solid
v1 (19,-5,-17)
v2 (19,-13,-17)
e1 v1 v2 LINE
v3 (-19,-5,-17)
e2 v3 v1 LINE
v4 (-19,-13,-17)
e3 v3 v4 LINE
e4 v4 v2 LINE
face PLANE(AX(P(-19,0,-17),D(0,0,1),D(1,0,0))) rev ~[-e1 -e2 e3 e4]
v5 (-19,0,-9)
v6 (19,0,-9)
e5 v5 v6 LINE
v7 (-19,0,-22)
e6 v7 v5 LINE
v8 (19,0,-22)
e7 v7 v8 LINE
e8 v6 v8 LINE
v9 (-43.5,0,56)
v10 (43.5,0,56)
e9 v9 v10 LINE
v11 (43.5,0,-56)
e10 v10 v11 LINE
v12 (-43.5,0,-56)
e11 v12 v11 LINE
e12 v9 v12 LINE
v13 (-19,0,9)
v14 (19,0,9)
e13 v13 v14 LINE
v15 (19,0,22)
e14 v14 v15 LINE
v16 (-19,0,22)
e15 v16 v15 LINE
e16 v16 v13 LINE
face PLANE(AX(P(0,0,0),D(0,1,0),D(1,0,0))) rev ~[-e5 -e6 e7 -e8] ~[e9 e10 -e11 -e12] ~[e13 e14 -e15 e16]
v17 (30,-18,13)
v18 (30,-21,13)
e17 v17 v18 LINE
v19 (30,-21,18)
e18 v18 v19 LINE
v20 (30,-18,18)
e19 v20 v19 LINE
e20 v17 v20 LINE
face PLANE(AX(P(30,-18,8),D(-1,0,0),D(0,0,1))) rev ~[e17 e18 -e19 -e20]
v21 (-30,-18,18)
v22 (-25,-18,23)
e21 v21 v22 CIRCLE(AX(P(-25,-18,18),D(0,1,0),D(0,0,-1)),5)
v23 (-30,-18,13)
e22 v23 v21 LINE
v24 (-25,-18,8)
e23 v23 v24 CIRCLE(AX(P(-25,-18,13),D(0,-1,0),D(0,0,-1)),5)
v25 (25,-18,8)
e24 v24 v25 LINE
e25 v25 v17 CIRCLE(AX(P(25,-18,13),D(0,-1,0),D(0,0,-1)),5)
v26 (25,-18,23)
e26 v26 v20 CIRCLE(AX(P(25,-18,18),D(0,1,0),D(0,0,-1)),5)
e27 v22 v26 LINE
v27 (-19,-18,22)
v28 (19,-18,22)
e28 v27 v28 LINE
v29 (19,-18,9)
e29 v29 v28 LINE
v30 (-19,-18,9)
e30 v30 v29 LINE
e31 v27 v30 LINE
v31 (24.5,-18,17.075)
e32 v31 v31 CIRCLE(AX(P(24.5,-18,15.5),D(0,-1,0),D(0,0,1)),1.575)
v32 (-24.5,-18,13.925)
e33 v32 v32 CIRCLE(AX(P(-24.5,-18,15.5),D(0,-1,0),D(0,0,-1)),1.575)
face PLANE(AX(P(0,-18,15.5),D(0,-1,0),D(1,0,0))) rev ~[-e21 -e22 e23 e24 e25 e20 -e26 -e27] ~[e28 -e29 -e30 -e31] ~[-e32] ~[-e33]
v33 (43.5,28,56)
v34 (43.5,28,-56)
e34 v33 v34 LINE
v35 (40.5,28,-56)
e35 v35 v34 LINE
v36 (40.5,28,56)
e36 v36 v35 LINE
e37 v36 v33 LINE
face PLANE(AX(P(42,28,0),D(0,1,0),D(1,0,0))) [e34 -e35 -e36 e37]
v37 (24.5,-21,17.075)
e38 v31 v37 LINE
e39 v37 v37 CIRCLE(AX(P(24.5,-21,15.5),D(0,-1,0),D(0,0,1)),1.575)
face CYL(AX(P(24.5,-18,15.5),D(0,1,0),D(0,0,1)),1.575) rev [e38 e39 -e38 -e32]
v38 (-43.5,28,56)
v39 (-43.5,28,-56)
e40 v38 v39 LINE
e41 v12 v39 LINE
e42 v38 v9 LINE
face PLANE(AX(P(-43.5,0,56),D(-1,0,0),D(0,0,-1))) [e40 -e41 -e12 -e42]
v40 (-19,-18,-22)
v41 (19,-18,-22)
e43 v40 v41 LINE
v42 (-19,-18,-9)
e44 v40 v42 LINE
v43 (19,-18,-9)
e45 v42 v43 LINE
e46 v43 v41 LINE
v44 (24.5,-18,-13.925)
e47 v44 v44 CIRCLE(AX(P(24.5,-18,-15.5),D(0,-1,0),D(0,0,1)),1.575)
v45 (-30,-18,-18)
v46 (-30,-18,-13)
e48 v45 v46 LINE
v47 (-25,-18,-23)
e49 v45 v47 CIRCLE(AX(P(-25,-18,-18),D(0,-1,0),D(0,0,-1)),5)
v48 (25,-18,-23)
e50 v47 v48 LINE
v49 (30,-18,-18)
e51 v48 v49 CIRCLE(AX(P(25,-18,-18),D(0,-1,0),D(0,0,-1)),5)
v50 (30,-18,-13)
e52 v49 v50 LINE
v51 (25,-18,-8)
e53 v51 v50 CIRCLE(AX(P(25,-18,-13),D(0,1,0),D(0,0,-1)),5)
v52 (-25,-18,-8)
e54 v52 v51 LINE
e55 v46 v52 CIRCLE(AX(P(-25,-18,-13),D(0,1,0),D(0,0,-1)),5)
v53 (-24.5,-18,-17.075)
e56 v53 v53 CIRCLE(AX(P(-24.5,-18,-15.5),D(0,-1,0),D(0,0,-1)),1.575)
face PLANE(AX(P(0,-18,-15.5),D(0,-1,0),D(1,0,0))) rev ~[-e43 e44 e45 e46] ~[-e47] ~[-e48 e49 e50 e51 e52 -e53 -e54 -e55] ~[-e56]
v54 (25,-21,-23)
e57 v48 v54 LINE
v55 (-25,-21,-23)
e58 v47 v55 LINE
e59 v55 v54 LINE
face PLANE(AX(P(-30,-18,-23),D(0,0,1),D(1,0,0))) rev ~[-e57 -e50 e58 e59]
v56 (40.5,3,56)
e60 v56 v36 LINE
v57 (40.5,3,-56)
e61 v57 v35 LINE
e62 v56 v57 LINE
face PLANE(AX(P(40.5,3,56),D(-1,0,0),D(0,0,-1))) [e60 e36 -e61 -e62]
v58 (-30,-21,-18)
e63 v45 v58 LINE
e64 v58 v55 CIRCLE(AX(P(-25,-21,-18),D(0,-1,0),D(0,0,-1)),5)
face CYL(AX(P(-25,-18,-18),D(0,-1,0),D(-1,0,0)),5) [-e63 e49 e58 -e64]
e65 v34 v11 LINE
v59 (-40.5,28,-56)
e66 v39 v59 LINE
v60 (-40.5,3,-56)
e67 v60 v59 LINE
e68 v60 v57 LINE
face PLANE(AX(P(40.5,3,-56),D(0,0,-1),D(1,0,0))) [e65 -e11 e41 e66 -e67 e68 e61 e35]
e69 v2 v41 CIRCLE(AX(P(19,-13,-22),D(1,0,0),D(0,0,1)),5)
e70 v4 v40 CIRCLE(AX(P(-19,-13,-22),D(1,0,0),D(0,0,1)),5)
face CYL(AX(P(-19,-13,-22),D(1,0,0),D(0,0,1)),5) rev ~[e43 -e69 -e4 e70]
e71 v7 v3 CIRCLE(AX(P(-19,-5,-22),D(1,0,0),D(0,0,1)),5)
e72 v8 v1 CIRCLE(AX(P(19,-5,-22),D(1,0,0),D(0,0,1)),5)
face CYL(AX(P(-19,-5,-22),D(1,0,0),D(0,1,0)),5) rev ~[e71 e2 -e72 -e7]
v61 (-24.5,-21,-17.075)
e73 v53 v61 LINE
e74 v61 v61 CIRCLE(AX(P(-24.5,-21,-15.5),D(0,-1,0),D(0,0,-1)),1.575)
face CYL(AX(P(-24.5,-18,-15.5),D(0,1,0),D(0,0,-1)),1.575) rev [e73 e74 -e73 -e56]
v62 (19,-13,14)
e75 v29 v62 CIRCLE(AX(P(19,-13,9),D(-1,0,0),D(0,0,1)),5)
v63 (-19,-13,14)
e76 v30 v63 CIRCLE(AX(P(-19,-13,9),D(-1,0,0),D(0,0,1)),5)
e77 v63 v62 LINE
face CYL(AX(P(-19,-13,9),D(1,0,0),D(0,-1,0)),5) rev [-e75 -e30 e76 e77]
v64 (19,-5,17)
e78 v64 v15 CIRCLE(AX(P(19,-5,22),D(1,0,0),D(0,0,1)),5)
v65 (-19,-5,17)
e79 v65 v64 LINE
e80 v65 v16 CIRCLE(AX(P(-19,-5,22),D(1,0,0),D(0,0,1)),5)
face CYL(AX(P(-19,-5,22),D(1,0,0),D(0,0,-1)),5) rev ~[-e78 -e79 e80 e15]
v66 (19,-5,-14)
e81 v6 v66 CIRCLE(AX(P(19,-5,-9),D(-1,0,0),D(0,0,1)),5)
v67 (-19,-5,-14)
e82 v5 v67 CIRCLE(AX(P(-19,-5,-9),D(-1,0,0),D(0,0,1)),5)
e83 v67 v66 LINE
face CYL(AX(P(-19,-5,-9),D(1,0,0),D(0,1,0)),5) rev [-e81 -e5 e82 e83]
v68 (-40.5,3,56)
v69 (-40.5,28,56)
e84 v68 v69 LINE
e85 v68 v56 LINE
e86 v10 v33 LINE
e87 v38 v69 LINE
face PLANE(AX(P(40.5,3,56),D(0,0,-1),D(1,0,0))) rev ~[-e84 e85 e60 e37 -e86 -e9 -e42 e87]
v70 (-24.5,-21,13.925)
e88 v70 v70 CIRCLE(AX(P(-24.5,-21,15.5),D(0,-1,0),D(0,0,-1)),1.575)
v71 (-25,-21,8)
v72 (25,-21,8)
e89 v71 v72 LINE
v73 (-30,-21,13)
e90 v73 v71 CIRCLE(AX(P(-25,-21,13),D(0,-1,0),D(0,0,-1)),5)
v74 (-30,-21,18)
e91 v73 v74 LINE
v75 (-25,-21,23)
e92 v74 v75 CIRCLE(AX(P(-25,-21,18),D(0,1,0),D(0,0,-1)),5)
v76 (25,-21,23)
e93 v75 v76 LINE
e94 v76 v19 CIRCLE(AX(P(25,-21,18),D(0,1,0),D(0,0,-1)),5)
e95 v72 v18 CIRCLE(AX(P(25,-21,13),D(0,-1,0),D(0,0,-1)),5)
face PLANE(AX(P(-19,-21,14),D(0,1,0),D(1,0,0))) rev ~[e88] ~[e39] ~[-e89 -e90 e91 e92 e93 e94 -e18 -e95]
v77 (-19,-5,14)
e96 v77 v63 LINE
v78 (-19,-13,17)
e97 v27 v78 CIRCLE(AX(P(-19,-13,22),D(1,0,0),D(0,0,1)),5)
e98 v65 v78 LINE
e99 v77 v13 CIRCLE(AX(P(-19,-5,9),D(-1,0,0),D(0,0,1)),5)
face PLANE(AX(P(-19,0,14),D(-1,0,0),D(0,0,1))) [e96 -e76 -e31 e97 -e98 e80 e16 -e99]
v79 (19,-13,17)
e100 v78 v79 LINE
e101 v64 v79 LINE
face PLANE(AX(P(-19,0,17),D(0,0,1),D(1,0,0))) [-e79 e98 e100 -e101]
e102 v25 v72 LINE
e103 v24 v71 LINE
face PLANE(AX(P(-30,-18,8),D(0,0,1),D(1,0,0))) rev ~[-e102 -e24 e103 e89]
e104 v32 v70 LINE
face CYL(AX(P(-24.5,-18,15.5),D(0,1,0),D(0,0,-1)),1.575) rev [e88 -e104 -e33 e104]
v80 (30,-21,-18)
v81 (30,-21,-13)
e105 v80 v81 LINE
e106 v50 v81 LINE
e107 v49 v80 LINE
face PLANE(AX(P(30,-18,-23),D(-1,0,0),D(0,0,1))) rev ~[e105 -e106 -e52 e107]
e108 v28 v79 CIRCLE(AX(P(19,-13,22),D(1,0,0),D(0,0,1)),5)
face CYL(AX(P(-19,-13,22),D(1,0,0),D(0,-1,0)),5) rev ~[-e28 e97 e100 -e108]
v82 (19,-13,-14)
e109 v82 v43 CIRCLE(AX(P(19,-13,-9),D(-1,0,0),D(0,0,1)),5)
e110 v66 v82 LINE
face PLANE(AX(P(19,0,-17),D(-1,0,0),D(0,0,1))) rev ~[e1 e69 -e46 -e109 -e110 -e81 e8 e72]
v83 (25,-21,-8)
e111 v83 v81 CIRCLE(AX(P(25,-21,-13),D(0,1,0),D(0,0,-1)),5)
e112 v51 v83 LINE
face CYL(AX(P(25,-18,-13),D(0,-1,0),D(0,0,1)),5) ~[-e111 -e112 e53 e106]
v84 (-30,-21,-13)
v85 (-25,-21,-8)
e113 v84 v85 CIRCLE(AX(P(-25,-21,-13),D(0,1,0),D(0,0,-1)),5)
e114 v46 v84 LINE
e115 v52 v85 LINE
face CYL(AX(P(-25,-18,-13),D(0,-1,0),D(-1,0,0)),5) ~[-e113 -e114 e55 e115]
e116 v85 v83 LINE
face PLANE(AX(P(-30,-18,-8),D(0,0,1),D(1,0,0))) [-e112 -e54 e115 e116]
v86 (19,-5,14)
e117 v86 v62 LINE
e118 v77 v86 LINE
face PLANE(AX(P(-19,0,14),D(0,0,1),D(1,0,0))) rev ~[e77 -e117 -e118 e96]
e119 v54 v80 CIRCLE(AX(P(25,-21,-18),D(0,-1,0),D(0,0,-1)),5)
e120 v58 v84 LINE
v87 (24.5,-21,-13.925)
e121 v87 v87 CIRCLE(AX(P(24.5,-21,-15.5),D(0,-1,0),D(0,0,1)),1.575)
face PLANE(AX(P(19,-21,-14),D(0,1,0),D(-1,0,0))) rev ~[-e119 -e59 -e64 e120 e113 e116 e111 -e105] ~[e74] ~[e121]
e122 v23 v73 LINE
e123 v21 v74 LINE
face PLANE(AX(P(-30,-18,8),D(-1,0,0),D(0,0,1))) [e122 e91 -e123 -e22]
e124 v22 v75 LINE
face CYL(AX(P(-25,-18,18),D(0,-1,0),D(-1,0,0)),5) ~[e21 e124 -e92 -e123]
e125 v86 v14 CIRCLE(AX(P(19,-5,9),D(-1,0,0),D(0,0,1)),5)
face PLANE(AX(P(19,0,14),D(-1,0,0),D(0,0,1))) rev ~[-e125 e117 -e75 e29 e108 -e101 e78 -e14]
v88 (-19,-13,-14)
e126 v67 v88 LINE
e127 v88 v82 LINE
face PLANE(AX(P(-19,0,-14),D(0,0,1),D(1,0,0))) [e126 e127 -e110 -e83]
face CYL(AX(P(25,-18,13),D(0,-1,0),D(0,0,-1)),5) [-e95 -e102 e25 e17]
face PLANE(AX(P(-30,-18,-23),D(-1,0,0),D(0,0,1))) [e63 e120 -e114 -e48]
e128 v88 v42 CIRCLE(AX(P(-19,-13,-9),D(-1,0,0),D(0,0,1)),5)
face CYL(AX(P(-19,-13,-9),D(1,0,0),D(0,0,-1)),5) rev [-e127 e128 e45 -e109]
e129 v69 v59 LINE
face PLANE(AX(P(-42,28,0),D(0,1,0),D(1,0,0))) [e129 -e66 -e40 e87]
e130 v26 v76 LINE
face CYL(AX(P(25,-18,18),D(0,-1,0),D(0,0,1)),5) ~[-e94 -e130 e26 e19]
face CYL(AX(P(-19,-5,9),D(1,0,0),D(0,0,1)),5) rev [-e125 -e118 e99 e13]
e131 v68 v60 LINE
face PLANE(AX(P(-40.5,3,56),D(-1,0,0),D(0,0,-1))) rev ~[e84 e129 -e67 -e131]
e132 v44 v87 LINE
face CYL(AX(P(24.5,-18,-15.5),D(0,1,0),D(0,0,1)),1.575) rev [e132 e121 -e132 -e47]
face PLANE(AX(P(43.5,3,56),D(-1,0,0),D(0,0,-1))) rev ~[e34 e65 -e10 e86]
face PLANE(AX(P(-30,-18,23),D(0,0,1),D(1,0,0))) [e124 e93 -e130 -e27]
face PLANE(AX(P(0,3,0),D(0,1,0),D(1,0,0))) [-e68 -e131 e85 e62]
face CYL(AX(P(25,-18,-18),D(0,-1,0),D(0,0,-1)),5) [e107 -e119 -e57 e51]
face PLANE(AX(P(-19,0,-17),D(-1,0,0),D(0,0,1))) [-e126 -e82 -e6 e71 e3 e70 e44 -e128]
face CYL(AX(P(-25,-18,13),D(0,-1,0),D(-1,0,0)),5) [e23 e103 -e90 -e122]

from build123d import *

# Parameters (mm, degrees)
SKETCH1_W             = 87
SKETCH1_H             = 112
BOSS_EXTRUDE1_DEPTH   = 3
SKETCH2_W             = 38
SKETCH2_H             = 3
BOSS_EXTRUDE2_DEPTH   = 18
SKETCH8_W             = 60
SKETCH8_H             = 15
SKETCH8_R             = 1.575
SKETCH8_W_2           = 38
SKETCH8_H_2           = 3
BOSS_EXTRUDE5_DEPTH   = 3
BOSS_EXTRUDE5_2_DEPTH = 3
SKETCH9_W             = 38
SKETCH9_H             = 3
BOSS_EXTRUDE6_DEPTH   = 3
SKETCH10_W            = 38
SKETCH10_H            = 3
BOSS_EXTRUDE7_DEPTH   = 3
FILLET2_R             = 5
FILLET3_R             = 5
FILLET4_R             = 5
SKETCH12_W            = 3
SKETCH12_H            = 112
BOSS_EXTRUDE8_DEPTH   = 25


with BuildPart() as part:
    # Sketch1 → Boss-Extrude1 (new body)
    with BuildSketch(Plane(origin=(0, 0, 0), x_dir=(1, 0, 0), z_dir=(0, 1, 0))):
        Rectangle(SKETCH1_W, SKETCH1_H)
    extrude(amount=BOSS_EXTRUDE1_DEPTH)

    # Sketch2 → Boss-Extrude2 (add)
    with BuildSketch(Plane.XZ):
        with Locations((0, -15.5)):
            Rectangle(SKETCH2_W, SKETCH2_H)
        with Locations((0, 15.5)):
            Rectangle(SKETCH2_W, SKETCH2_H)
    extrude(amount=BOSS_EXTRUDE2_DEPTH)



with BuildPart() as body_2:
    # Sketch8 → Boss-Extrude5 (new body)
    with BuildSketch(Plane.XZ.offset(18)):
        with Locations((0, 15.5)):
            Rectangle(SKETCH8_W, SKETCH8_H)
        with Locations(Location((-24.5, 15.5, 0), (0, 0, 270))):
            Circle(SKETCH8_R, mode=Mode.SUBTRACT)
        with Locations(Location((24.5, 15.5, 0), (0, 0, 90))):
            Circle(SKETCH8_R, mode=Mode.SUBTRACT)
        with Locations((0, 15.5)):
            Rectangle(SKETCH8_W_2, SKETCH8_H_2, mode=Mode.SUBTRACT)
    extrude(amount=BOSS_EXTRUDE5_DEPTH)


with BuildPart() as body_3:
    # Sketch8 → Boss-Extrude5 2 (new body)
    with BuildSketch(Plane.XZ.offset(18)):
        with Locations((0, -15.5)):
            Rectangle(SKETCH8_W, SKETCH8_H)
        with Locations(Location((-24.5, -15.5, 0), (0, 0, 270))):
            Circle(SKETCH8_R, mode=Mode.SUBTRACT)
        with Locations(Location((24.5, -15.5, 0), (0, 0, 90))):
            Circle(SKETCH8_R, mode=Mode.SUBTRACT)
        with Locations((0, -15.5)):
            Rectangle(SKETCH8_W_2, SKETCH8_H_2, mode=Mode.SUBTRACT)
    extrude(amount=BOSS_EXTRUDE5_2_DEPTH)


with BuildPart() as part_1:
    add(part.part)

    add(body_2.part)  # Boss-Extrude6 merges body 2
    # Sketch9 → Boss-Extrude6 (add)
    with BuildSketch(Plane.XY.offset(14)):
        with Locations((0, -19.5)):
            Rectangle(SKETCH9_W, SKETCH9_H)
    extrude(amount=BOSS_EXTRUDE6_DEPTH)


    add(body_3.part)  # Boss-Extrude7 merges body 3
    # Sketch10 → Boss-Extrude7 (add)
    with BuildSketch(Plane(origin=(0, 0, -14), x_dir=(-1, 0, 0), z_dir=(0, 0, -1))):
        with Locations((0, -19.5)):
            Rectangle(SKETCH10_W, SKETCH10_H)
    extrude(amount=BOSS_EXTRUDE7_DEPTH)

    # Fillet2
    fillet2_edges = [part_1.edges().sort_by_distance(p)[0] for p in [
        (-30, -19.5, -8),
        (30, -19.5, -8),
        (30, -19.5, -23),
        (-30, -19.5, -23),
    ]]
    fillet(fillet2_edges, radius=FILLET2_R)

    # Fillet3
    fillet3_edges = [part_1.edges().sort_by_distance(p)[0] for p in [
        (-30, -19.5, 23),
        (-30, -19.5, 8),
        (30, -19.5, 8),
        (30, -19.5, 23),
    ]]
    fillet(fillet3_edges, radius=FILLET3_R)

    # Fillet4
    fillet4_edges = [part_1.edges().sort_by_distance(p)[0] for p in [
        (0, 0, 14),
        (0, 0, 17),
        (0, 0, -14),
        (0, 0, -17),
        (0, -18, -14),
        (0, -18, -17),
        (0, -18, 17),
        (0, -18, 14),
    ]]
    fillet(fillet4_edges, radius=FILLET4_R)

    # Sketch12 → Boss-Extrude8 (add)
    with BuildSketch(Plane(origin=(0, 3, 0), x_dir=(1, 0, 0), z_dir=(0, 1, 0))):
        with Locations((42, 0)):
            Rectangle(SKETCH12_W, SKETCH12_H)
        with Locations((-42, 0)):
            Rectangle(SKETCH12_W, SKETCH12_H)
    extrude(amount=BOSS_EXTRUDE8_DEPTH)


solid = part_1.part
